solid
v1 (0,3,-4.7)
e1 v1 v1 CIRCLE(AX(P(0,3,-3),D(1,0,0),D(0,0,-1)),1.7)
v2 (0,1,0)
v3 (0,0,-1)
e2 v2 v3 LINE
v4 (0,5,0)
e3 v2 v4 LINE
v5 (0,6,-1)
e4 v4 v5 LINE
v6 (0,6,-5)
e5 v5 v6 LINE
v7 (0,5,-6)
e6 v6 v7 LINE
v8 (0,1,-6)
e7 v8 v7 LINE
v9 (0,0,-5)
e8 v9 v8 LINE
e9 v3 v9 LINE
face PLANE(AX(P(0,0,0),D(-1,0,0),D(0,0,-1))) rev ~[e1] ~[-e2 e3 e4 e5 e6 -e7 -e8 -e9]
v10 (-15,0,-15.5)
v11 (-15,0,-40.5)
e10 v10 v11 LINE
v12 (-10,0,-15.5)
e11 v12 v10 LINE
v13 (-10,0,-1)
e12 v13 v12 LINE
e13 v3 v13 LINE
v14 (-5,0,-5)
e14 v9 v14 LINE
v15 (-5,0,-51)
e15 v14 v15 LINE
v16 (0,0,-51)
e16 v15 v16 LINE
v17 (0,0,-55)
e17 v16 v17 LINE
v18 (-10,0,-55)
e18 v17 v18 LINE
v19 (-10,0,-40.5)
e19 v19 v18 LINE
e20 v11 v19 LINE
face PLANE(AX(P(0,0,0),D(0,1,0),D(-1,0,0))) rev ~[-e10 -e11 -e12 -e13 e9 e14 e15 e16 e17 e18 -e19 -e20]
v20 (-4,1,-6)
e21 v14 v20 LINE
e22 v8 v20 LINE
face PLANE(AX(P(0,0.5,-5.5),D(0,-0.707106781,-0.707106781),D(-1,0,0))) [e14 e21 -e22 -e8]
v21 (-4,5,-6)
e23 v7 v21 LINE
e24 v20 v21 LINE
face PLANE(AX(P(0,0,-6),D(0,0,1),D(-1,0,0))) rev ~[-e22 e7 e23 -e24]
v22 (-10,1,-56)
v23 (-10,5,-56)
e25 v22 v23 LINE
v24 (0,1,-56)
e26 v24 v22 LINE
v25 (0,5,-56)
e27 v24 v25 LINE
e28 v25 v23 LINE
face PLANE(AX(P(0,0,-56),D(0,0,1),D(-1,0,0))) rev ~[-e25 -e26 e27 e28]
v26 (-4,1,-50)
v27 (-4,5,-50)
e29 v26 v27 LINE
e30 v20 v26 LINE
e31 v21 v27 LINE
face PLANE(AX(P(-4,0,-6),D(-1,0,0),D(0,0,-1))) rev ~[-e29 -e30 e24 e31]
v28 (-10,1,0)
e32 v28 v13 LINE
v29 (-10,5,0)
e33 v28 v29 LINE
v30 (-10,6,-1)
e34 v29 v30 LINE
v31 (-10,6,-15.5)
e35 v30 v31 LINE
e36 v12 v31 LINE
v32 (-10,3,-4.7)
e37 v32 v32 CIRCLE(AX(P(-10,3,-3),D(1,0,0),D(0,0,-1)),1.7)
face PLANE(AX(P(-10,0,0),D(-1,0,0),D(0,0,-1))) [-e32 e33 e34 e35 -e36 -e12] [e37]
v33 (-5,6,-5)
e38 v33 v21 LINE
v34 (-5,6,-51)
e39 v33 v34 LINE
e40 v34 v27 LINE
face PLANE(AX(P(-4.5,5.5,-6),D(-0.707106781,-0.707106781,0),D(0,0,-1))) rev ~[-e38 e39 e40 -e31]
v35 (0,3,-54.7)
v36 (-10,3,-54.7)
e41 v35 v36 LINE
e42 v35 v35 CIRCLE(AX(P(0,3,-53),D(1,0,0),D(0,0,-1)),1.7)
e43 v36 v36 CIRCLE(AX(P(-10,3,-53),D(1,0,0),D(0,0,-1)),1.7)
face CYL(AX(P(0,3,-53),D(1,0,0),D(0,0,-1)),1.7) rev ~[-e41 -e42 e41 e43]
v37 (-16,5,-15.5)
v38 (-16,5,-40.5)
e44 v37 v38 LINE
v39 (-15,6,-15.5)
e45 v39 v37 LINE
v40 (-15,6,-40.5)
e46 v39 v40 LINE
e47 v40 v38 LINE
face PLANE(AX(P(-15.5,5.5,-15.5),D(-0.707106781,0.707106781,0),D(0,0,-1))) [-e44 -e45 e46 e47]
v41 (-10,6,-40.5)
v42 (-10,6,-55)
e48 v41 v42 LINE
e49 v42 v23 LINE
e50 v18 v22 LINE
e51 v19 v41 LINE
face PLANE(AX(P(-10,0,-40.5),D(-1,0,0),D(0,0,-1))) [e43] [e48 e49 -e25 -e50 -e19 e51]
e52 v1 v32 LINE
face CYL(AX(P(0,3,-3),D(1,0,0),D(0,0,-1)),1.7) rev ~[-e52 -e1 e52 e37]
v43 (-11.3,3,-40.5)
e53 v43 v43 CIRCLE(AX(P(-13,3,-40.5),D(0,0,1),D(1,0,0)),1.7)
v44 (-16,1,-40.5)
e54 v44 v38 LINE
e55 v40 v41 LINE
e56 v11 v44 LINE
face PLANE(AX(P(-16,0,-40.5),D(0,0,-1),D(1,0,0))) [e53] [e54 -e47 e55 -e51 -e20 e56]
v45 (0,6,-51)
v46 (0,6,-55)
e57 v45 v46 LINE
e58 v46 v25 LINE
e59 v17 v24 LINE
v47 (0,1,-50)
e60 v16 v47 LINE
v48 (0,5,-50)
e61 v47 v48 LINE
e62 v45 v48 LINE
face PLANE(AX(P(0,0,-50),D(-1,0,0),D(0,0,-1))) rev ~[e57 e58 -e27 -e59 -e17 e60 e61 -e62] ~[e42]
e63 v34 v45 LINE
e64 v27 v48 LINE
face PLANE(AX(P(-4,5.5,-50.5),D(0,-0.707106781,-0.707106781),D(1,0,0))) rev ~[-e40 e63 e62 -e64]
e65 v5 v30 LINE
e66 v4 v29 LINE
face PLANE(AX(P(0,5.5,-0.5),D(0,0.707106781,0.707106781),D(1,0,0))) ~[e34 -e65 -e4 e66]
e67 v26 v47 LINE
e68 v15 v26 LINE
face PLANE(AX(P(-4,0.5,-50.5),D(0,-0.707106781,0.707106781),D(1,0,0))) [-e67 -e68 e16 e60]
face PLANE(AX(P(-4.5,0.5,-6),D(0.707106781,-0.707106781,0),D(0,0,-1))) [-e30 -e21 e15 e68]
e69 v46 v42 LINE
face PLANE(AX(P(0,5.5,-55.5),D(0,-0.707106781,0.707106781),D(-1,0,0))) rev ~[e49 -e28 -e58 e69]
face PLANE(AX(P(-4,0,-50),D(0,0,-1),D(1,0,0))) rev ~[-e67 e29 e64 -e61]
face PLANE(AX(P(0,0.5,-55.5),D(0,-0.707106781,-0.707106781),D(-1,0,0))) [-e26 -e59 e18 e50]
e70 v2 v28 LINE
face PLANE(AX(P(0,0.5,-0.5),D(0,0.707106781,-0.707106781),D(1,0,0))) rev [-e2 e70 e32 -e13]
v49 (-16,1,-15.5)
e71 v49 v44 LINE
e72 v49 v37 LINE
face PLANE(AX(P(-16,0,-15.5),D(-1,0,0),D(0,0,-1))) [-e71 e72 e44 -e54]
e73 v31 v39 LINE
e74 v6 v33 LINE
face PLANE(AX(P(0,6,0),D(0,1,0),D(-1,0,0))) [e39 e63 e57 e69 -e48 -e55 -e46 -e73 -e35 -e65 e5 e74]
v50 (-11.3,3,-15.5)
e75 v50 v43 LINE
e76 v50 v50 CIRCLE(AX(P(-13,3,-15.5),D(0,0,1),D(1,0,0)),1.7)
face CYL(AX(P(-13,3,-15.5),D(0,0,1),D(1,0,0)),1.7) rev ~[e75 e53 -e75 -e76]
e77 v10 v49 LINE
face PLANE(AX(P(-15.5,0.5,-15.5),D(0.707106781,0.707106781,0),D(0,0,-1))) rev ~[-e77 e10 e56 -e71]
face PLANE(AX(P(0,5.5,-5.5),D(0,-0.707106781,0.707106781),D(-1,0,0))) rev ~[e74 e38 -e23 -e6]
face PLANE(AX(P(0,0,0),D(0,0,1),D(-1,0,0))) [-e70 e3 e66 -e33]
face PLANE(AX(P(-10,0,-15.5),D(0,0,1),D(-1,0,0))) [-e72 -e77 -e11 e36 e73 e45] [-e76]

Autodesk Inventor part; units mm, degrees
ref_plane "YZ Plane" through (0, 0, 0) normal (1, 0, 0) x (0, 1, 0)
ref_plane "XZ Plane" through (0, 0, 0) normal (0, 1, 0) x (-1, 0, 0)
ref_plane "XY Plane" through (0, 0, 0) normal (0, 0, 1) x (1, 0, 0)
sketch "Sketch1" plane through (0, 0, 0) normal (0, 1, 0) x (-1, 0, 0)
  line L0 (0, 0) -> (0, -6)
  line L1 (0, -6) -> (4, -6)
  line L2 (4, -6) -> (4, -50)
  line L3 (4, -50) -> (0, -50)
  line L4 (0, -50) -> (0, -56)
  line L5 (0, -56) -> (10, -56)
  line L6 (0, 0) -> (10, 0)
  line L7 (10, 0) -> (10, -15.5)
  line L8 (10, -15.5) -> (16, -15.5)
  line L9 (16, -40.5) -> (10, -40.5)
  line L10 (10, -40.5) -> (10, -56)
  line L11 (16, -15.5) -> (16, -40.5)
  point P0 (0, -3)
  point P1 (0, -53)
  dimension "d0" = 25
  dimension "d1" = 6
  dimension "d2" = 50
  dimension "d3" = 6
  dimension "d4" = 4
  dimension "d17" = 6
extrude "Extrusion1" add sketch "Sketch1" along normal blind 6
sketch "Sketch2" plane through (0, 0, 0) normal (1, 0, 0) x (0, 0, -1)
  line L0 (15.5, 6) -> (0, 6) projected
  line L1 (6, 0) -> (50, 0) projected
  line L2 (0, 6) -> (6, 0) construction
  line L3 (50, 0) -> (56, 0) projected
  line L4 (50, 0) -> (56, 6) construction
  circle A0 centre (3, 3) radius 1.7
  circle A1 centre (53, 3) radius 1.7
  point P0 (0, 0)
  dimension "d8" = 3.4
extrude "Extrusion2" cut sketch "Sketch2" against normal through all
sketch "Sketch3" plane through (-16, 0, -15.5) normal (0, 0, 1) x (1, 0, 0)
  line L0 (16, 0) -> (6, 0) projected
  line L1 (0, 6) -> (6, 0) construction
  circle A0 centre (3, 3) radius 1.7
  dimension "d11" = 3.4
extrude "Extrusion3" cut sketch "Sketch3" against normal through all
chamfer "Chamfer1" distance 1 angle 45 12 edges at (-5, 6, 0) (-5, 0, 0) (-16, 6, -28) (-16, 0, -28) (-2, 6, -50) (-5, 6, -56) (-5, 0, -56) (-2, 0, -50) (-4, 6, -28) (-4, 0, -28) (-2, 6, -6) (-2, 0, -6)
equation "\"d3\" = d1"
equation "\"d6\" = d1"
properties part number "camadapter"
